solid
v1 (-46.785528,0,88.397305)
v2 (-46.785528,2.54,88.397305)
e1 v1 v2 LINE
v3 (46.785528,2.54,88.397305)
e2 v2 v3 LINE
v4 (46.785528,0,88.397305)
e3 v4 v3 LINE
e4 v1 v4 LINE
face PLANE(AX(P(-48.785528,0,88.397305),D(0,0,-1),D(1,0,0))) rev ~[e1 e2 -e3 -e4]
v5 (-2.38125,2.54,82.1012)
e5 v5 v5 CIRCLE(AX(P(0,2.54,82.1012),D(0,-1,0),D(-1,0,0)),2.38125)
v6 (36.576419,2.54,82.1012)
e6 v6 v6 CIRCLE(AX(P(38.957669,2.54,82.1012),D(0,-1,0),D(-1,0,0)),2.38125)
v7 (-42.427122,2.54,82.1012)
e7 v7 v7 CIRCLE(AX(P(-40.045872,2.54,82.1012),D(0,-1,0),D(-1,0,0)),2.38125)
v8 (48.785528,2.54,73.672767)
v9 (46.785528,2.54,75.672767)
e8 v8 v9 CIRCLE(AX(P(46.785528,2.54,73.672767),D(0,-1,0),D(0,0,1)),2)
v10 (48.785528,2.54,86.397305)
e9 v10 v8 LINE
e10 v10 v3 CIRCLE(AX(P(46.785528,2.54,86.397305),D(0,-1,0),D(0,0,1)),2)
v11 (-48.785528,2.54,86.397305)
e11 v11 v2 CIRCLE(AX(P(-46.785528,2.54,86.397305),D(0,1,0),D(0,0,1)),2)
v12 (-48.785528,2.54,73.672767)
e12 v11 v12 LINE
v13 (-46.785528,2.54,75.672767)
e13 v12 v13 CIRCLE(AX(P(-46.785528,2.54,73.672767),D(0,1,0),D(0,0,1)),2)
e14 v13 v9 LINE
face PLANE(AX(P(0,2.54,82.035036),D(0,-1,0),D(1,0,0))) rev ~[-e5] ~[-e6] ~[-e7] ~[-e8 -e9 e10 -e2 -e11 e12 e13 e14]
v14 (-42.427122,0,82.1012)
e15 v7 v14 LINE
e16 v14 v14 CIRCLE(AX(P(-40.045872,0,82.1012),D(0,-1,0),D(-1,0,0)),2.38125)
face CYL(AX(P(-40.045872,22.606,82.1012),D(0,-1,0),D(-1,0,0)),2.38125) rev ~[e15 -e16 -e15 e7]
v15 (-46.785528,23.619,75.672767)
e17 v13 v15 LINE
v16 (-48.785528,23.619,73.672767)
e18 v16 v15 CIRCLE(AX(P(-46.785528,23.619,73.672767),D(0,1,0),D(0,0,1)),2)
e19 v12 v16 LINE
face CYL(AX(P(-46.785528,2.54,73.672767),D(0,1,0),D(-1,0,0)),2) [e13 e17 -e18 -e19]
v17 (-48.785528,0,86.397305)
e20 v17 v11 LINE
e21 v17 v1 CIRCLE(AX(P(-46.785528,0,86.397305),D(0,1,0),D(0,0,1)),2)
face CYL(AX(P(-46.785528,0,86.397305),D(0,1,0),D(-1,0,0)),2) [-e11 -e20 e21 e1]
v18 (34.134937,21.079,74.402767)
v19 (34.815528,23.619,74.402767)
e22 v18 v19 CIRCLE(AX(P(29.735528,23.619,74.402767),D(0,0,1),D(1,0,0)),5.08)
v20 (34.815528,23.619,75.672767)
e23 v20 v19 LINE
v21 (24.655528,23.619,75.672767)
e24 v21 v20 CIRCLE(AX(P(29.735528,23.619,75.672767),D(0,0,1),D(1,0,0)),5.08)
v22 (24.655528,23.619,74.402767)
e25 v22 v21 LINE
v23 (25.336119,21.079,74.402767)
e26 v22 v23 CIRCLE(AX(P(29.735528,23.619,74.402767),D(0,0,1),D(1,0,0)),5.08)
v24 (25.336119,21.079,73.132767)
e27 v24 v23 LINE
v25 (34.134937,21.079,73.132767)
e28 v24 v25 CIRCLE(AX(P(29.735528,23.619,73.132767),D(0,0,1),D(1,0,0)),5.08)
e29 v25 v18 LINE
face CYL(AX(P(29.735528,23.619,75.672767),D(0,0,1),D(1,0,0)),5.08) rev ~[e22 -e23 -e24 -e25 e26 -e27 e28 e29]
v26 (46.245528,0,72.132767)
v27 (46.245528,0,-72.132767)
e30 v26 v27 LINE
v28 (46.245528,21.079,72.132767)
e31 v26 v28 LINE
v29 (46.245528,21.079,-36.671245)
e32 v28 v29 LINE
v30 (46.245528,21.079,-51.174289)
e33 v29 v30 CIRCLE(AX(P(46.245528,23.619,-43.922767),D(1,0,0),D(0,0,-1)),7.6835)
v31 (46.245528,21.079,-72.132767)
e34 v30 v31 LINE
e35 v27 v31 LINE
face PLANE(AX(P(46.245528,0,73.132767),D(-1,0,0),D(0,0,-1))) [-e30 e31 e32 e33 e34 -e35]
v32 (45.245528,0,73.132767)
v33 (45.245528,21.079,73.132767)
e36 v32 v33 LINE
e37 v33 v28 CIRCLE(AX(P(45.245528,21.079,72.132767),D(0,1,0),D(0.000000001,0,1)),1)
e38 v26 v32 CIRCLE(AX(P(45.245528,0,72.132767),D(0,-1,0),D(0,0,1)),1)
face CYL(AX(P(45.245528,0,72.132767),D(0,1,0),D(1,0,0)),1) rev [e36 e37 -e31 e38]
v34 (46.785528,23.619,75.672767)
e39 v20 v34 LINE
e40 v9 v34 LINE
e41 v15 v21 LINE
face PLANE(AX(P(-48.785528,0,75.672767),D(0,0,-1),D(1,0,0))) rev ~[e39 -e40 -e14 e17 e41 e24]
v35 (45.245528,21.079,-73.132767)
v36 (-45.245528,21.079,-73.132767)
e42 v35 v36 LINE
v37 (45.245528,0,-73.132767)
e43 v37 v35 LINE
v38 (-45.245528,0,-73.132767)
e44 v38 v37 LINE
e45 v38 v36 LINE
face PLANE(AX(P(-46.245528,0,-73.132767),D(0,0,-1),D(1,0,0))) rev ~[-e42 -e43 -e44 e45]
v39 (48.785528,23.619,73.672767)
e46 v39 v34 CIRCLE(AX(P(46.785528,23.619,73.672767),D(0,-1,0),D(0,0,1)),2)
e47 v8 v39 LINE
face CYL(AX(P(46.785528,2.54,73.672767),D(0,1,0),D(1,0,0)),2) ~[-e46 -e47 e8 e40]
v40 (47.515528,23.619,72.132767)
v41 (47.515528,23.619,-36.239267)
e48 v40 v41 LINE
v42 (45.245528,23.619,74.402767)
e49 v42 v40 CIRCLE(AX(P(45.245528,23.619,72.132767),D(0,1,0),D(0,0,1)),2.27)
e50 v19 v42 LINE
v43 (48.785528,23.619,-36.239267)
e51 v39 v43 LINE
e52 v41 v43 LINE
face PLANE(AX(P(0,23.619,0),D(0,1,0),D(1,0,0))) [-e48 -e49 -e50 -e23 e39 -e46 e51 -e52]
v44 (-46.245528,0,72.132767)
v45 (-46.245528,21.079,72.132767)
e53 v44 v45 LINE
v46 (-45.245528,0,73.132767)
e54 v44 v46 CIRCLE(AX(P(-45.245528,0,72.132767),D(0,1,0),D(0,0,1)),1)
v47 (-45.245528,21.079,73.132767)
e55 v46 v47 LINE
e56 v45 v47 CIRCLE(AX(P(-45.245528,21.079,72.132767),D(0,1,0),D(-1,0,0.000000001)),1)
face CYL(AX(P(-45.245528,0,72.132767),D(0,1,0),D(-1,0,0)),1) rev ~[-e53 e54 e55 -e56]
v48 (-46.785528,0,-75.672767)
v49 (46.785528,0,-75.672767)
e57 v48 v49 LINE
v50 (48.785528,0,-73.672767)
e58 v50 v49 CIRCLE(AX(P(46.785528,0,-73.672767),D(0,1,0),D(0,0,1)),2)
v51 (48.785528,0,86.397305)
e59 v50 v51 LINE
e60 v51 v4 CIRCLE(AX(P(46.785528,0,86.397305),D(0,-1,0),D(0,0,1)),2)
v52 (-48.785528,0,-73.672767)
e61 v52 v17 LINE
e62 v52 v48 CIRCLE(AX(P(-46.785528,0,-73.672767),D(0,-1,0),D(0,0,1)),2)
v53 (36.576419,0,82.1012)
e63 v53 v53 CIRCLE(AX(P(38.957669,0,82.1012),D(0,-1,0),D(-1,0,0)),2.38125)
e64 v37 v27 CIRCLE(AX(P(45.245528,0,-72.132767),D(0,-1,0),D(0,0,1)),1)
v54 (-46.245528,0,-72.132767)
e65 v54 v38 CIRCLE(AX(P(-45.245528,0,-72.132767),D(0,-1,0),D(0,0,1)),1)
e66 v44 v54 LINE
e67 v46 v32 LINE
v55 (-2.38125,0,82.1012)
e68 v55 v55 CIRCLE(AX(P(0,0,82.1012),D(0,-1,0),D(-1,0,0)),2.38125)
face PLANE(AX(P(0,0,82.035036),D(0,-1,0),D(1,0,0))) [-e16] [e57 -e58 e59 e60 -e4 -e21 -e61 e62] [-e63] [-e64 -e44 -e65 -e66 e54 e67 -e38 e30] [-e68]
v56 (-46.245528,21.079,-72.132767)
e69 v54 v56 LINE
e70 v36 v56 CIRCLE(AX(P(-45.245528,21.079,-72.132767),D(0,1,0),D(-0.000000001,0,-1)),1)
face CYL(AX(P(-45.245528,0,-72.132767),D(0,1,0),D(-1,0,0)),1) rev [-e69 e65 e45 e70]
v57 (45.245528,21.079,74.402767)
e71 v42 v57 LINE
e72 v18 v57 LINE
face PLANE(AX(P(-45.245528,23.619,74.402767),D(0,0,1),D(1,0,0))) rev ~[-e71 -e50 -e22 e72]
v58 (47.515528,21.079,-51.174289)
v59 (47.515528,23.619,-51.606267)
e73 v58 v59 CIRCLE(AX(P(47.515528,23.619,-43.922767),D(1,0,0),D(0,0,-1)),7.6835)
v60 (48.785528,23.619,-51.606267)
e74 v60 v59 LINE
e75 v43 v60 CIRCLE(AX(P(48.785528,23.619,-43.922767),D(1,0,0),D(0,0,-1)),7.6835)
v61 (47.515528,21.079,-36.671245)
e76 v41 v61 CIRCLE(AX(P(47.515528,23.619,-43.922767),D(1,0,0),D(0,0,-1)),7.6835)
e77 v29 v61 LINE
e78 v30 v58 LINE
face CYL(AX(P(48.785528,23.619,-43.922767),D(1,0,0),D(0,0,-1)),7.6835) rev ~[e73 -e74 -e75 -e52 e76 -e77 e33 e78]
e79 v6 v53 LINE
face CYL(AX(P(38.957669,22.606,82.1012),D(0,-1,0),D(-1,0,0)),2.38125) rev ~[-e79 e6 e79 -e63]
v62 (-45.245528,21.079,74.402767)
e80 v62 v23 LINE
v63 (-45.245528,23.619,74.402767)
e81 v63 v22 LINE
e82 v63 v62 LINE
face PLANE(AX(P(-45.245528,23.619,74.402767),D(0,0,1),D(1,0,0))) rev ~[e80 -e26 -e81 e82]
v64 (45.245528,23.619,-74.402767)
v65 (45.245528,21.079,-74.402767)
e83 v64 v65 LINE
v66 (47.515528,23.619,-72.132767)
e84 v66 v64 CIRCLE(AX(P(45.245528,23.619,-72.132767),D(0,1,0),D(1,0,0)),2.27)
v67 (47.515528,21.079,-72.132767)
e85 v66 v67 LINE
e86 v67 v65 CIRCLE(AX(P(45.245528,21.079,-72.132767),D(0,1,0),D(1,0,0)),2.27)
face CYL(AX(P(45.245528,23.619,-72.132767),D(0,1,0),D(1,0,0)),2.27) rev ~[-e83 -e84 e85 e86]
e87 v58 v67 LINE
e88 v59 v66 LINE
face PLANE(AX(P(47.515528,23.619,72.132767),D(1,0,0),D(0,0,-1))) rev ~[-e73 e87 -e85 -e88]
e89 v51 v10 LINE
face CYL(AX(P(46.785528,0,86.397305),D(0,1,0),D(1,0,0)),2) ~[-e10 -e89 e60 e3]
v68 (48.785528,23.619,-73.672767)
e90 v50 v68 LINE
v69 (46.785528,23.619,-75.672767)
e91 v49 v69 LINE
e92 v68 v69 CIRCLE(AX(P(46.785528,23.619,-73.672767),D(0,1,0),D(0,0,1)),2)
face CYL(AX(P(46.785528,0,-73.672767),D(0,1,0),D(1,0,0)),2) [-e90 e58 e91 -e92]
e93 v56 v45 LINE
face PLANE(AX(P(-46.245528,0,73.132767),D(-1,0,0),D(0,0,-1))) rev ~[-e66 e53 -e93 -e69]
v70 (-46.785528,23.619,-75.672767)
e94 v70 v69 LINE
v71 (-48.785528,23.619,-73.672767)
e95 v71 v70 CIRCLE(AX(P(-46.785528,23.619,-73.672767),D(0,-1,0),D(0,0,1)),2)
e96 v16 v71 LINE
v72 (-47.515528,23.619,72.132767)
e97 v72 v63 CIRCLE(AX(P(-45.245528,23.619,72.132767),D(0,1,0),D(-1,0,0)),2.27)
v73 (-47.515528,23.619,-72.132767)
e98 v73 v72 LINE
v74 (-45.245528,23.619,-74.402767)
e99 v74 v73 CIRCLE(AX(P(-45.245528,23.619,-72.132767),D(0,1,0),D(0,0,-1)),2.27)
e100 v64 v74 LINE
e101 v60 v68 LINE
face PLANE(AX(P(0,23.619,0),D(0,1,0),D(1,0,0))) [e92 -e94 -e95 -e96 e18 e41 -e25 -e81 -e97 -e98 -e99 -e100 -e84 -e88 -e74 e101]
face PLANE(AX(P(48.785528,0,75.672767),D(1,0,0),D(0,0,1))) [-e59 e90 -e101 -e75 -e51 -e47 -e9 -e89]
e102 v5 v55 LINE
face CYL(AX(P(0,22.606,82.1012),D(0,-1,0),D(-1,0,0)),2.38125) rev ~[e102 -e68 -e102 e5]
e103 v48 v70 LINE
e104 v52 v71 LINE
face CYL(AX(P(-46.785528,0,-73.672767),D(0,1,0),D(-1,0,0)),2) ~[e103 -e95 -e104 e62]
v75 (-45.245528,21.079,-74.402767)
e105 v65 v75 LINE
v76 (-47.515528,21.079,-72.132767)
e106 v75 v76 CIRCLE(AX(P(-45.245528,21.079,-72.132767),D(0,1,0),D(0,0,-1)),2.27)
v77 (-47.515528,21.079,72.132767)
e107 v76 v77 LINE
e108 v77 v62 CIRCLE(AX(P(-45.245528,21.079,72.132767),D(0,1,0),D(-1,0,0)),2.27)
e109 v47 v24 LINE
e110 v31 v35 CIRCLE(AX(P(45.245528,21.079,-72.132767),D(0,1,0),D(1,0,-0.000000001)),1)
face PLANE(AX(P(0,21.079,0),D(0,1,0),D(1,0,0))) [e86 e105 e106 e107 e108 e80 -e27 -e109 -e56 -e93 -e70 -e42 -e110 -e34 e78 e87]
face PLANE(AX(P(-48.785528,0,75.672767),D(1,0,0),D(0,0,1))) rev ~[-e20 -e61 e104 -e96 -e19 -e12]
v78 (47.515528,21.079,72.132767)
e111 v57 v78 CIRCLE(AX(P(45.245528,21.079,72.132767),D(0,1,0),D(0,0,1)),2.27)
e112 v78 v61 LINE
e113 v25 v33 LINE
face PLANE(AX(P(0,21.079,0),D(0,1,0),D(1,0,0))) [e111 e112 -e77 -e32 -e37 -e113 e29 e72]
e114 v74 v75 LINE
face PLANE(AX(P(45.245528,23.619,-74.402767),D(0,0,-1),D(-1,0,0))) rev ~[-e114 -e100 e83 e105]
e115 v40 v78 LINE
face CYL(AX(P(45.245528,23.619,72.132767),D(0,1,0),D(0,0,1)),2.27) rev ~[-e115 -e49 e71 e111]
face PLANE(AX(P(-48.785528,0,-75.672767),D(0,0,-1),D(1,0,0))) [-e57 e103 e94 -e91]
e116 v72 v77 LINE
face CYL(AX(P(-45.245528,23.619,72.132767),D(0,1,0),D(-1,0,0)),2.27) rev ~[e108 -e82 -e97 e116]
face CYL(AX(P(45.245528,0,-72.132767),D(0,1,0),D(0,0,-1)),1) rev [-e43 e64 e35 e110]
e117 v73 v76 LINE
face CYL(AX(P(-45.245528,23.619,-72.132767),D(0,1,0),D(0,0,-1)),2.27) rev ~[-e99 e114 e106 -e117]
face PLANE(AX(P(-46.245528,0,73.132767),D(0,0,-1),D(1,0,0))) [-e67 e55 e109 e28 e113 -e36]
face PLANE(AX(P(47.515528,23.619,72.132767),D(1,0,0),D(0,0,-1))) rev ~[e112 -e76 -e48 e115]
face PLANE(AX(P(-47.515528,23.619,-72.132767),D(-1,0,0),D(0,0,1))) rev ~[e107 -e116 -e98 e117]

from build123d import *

# Parameters (mm, degrees)
SKETCH1_W                          = 97.571055574
SKETCH1_H                          = 151.345533826
SKETCH1_W_2                        = 92.491055574
SKETCH1_H_2                        = 146.265533826
BOSS_EXTRUDE1_DEPTH                = 23.619000006
SKETCH2_W                          = 97.571055574
SKETCH2_H                          = 12.724538291
BOSS_EXTRUDE2_DEPTH                = 2.54
FILLET1_R                          = 2
FILLET2_R                          = 1
F_3_16_0_1875_DIAMETER_HOLE1_D     = 4.7625
F_3_16_0_1875_DIAMETER_HOLE1_DEPTH = 20.066
F_3_16_0_1875_DIAMETER_HOLE1_TIP   = 1.430799349
CUT_EXTRUDE1_DEPTH                 = 2.54
CUT_EXTRUDE2_REACH                 = 99.571
SKETCH8_R                          = 7.6835
CUT_EXTRUDE3_REACH                 = 153.346
SKETCH9_R                          = 5.08


with BuildPart() as part:
    # Sketch1 → Boss-Extrude1 (new body)
    with BuildSketch(Plane(origin=(0, 0, 0), x_dir=(1, 0, 0), z_dir=(0, 1, 0))):
        Rectangle(SKETCH1_W, SKETCH1_H)
        Rectangle(SKETCH1_W_2, SKETCH1_H_2, mode=Mode.SUBTRACT)
    extrude(amount=BOSS_EXTRUDE1_DEPTH)

    # Sketch2 → Boss-Extrude2 (add)
    with BuildSketch(Plane.XZ):
        with Locations((0, 82.035036058)):
            Rectangle(SKETCH2_W, SKETCH2_H)
    extrude(amount=-BOSS_EXTRUDE2_DEPTH)

    # Fillet1
    fillet1_edges = [part.edges().sort_by_distance(p)[0] for p in [
        (-48.785527787, 1.27, 88.397305204),
        (48.785527787, 1.27, 88.397305204),
        (48.785527787, 13.079500003, 75.672766913),
        (-48.785527787, 13.079500003, 75.672766913),
        (-48.785527787, 11.809500003, -75.672766913),
        (48.785527787, 11.809500003, -75.672766913),
    ]]
    fillet(fillet1_edges, radius=FILLET1_R)

    # Fillet2
    fillet2_edges = [part.edges().sort_by_distance(p)[0] for p in [
        (46.245527787, 11.809500003, 73.132766913),
        (46.245527787, 11.809500003, -73.132766913),
        (-46.245527787, 11.809500003, -73.132766913),
        (-46.245527787, 11.809500003, 73.132766913),
    ]]
    fillet(fillet2_edges, radius=FILLET2_R)

    # 3/16 (0.1875) Diameter Hole1
    with Locations(Plane(origin=(0, 2.54, 0), x_dir=(1, 0, 0), z_dir=(0, 1, 0))):
        with Locations((-40.04587174, -82.10120048), (38.957668704, -82.10120048), (0, -82.10120048)):
            Hole(F_3_16_0_1875_DIAMETER_HOLE1_D / 2, depth=F_3_16_0_1875_DIAMETER_HOLE1_DEPTH)
            with Locations((0, 0, -(F_3_16_0_1875_DIAMETER_HOLE1_DEPTH + F_3_16_0_1875_DIAMETER_HOLE1_TIP / 2))):  # 118° drill point
                Cone(0, F_3_16_0_1875_DIAMETER_HOLE1_D / 2, F_3_16_0_1875_DIAMETER_HOLE1_TIP, mode=Mode.SUBTRACT)

    # Sketch5 → Cut-Extrude1 (cut)
    with BuildSketch(Plane(origin=(0, 23.619000006, 0), x_dir=(1, 0, 0), z_dir=(0, 1, 0))):
        with BuildLine():
            Line((-45.245527787, -74.402766913), (45.245527787, -74.402766913))
            ThreePointArc((45.245527787, -74.402766913), (46.85066018, -73.737899306), (47.515527787, -72.132766913))
            Line((47.515527787, -72.132766913), (47.515527787, 72.132766913))
            ThreePointArc((47.515527787, 72.132766913), (46.85066018, 73.737899306), (45.245527787, 74.402766913))
            Line((45.245527787, 74.402766913), (-45.245527787, 74.402766913))
            ThreePointArc((-45.245527787, 74.402766913), (-46.85066018, 73.737899306), (-47.515527787, 72.132766913))
            Line((-47.515527787, 72.132766913), (-47.515527787, -72.132766913))
            ThreePointArc((-47.515527787, -72.132766913), (-46.85066018, -73.737899306), (-45.245527787, -74.402766913))
        make_face()
        with BuildLine():
            Line((-46.245527787, 72.132766913), (-46.245527787, -72.132766913))
            ThreePointArc((-46.245527787, -72.132766913), (-45.952634568, -72.839873694), (-45.245527787, -73.132766913))
            Line((-45.245527787, -73.132766913), (45.245527787, -73.132766913))
            ThreePointArc((45.245527787, -73.132766913), (45.952634568, -72.839873694), (46.245527787, -72.132766913))
            Line((46.245527787, -72.132766913), (46.245527787, 72.132766913))
            ThreePointArc((46.245527787, 72.132766913), (45.952634568, 72.839873694), (45.245527787, 73.132766913))
            Line((45.245527787, 73.132766913), (-45.245527787, 73.132766913))
            ThreePointArc((-45.245527787, 73.132766913), (-45.952634568, 72.839873694), (-46.245527787, 72.132766913))
        make_face(mode=Mode.SUBTRACT)
    extrude(amount=-CUT_EXTRUDE1_DEPTH, mode=Mode.SUBTRACT)

    # Sketch8 → Cut-Extrude2 (cut, up to next)
    with BuildSketch(Plane(origin=(48.785527787, 0, 0), x_dir=(0, 0, -1), z_dir=(1, 0, 0)), mode=Mode.PRIVATE) as cut_extrude2_sk1:
        with Locations((43.922766913, 23.619000006)):
            Circle(SKETCH8_R)
    cut_extrude2_tool1 = extrude(cut_extrude2_sk1.sketch, amount=-CUT_EXTRUDE2_REACH, mode=Mode.PRIVATE) & part.part
    add(cut_extrude2_tool1.solids().sort_by_distance((48.785528, 23.619, -43.922767))[0], mode=Mode.SUBTRACT)

    # Sketch9 → Cut-Extrude3 (cut, up to next)
    with BuildSketch(Plane.XY.offset(75.672766913), mode=Mode.PRIVATE) as cut_extrude3_sk1:
        with Locations((29.735527787, 23.619000006)):
            Circle(SKETCH9_R)
    cut_extrude3_tool1 = extrude(cut_extrude3_sk1.sketch, amount=-CUT_EXTRUDE3_REACH, mode=Mode.PRIVATE) & part.part
    add(cut_extrude3_tool1.solids().sort_by_distance((29.735528, 23.619, 75.672767))[0], mode=Mode.SUBTRACT)


solid = part.part
